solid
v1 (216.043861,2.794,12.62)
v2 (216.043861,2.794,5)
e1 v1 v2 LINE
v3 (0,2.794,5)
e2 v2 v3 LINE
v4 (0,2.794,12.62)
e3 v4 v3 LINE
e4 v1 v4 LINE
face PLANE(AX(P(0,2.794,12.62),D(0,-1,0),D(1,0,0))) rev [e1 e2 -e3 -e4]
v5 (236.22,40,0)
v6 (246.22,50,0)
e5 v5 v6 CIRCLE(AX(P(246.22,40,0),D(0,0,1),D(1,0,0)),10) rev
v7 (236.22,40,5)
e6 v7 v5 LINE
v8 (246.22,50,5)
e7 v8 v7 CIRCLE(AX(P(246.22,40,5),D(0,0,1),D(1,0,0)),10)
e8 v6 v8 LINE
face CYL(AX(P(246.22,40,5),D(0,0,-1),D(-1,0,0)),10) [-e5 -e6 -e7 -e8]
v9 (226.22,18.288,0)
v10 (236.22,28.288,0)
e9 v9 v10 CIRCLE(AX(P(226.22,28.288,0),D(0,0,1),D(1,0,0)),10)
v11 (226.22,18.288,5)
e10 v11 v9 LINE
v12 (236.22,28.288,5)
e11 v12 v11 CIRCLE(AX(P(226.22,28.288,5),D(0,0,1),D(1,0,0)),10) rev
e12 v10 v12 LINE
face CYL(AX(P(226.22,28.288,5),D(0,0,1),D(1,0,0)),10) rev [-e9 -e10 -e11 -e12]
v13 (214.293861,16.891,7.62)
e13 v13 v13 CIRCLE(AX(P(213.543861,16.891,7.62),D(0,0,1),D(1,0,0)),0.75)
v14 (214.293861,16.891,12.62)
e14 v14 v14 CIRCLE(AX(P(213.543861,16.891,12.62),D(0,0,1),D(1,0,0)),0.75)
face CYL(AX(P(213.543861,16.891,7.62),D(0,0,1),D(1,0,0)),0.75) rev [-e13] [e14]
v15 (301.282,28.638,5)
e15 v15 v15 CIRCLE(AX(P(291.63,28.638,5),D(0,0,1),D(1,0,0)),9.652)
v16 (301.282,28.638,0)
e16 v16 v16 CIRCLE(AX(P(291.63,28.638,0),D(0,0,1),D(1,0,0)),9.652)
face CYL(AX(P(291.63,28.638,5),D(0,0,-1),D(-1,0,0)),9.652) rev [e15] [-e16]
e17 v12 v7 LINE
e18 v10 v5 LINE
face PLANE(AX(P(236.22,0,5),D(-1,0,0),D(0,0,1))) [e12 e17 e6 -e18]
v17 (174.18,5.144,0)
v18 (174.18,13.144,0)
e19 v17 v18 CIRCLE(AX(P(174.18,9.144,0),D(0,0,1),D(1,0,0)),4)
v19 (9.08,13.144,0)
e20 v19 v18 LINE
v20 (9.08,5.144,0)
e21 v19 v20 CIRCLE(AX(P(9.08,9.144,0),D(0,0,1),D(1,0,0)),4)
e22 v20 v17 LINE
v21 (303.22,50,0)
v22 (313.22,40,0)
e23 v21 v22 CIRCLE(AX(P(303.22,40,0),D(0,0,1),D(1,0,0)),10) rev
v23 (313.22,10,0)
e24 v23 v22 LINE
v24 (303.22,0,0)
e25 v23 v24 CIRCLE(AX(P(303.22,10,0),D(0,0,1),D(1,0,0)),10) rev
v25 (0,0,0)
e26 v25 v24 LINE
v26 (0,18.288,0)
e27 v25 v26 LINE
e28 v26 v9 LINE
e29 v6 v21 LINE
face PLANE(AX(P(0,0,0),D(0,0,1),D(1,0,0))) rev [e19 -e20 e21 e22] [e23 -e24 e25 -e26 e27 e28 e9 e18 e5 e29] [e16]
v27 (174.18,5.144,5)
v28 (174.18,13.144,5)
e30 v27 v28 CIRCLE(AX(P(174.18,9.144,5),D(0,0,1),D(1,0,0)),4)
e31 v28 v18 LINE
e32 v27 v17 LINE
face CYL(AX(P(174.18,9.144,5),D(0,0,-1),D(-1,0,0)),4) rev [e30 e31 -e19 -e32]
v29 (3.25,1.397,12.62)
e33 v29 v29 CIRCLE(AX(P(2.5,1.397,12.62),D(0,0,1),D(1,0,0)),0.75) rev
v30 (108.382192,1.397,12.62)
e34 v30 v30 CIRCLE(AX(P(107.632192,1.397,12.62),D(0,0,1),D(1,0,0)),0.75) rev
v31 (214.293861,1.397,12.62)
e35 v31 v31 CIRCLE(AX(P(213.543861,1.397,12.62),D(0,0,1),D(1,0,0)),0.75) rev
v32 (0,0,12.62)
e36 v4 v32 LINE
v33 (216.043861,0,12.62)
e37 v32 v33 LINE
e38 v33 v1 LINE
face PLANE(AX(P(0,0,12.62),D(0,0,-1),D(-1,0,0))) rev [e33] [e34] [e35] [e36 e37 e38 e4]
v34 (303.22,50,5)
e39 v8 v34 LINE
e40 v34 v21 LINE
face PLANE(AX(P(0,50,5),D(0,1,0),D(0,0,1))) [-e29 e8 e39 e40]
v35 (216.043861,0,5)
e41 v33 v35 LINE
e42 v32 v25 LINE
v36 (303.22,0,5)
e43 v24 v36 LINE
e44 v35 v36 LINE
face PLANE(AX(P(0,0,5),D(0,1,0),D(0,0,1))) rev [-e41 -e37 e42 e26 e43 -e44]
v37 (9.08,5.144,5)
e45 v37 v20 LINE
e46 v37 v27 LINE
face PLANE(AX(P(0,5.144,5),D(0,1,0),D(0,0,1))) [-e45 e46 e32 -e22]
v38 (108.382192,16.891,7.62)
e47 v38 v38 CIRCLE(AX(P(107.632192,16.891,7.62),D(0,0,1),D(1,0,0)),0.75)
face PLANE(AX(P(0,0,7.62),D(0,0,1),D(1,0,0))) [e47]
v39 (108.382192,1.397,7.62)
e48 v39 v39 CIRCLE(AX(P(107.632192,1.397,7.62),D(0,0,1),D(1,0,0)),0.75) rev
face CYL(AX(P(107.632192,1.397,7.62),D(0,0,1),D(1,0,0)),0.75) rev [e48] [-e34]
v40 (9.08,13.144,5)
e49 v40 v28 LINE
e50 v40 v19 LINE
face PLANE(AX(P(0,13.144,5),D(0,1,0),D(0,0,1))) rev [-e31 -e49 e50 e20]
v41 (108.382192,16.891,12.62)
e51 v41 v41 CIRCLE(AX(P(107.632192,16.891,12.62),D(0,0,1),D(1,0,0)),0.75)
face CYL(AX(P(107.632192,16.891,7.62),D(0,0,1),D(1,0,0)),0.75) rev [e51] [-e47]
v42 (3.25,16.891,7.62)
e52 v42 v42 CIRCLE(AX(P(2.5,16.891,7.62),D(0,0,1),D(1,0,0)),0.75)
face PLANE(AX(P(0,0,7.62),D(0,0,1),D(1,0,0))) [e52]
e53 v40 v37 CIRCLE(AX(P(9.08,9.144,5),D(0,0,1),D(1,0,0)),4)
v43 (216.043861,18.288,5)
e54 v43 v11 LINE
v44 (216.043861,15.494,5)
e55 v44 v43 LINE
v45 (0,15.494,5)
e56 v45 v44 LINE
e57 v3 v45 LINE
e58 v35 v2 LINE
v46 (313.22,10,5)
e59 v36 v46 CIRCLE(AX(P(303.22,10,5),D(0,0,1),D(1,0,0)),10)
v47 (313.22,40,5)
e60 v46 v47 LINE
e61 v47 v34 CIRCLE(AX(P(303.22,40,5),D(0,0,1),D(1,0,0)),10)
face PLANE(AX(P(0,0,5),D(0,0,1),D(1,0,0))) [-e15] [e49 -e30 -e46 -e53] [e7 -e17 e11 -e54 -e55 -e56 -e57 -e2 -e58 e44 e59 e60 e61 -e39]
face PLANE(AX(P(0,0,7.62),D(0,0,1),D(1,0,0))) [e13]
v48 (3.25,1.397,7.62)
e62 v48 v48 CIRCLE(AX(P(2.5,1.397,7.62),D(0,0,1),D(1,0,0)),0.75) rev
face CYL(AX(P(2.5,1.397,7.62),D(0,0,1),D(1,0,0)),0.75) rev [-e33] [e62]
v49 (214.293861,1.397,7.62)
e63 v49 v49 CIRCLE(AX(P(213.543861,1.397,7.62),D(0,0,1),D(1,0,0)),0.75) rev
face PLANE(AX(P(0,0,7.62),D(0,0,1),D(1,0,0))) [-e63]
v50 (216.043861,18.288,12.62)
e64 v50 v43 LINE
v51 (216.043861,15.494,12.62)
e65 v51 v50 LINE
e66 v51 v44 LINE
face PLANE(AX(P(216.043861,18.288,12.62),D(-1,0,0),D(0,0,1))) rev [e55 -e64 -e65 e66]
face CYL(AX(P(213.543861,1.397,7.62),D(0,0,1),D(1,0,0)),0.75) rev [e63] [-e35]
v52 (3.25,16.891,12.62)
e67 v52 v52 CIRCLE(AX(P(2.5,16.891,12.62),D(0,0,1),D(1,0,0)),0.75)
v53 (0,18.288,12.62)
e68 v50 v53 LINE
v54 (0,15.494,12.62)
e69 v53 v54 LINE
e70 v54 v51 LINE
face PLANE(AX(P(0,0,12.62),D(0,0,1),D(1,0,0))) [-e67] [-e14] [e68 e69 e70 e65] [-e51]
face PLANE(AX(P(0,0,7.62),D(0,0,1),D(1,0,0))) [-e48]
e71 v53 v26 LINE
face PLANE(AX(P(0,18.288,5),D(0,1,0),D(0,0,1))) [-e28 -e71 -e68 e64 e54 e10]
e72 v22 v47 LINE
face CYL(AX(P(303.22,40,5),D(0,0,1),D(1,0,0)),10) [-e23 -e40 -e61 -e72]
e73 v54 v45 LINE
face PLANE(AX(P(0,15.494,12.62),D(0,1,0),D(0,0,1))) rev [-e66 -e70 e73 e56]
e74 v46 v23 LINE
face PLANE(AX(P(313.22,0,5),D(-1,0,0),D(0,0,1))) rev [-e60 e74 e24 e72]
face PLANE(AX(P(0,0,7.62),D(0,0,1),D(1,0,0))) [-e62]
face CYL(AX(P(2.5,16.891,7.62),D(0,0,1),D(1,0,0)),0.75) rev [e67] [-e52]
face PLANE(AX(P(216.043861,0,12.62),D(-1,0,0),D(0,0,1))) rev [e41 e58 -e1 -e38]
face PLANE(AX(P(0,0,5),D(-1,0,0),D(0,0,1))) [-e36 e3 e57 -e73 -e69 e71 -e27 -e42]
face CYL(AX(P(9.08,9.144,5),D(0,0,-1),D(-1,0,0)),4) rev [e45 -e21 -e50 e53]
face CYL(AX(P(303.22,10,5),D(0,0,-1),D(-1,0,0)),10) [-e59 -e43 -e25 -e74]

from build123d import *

# Parameters (mm, degrees)
SKETCH1_W           = 236.22
SKETCH1_H           = 18.288
SKETCH1_R           = 9.652
BOSS_EXTRUDE1_DEPTH = 5
FILLET1_R           = 10
SKETCH2_W           = 216.043861244
SKETCH2_H           = 2.794
BOSS_EXTRUDE2_DEPTH = 7.62
SKETCH3_R           = 0.75
CUT_EXTRUDE1_DEPTH  = 5


with BuildPart() as part:
    # Sketch1 → Boss-Extrude1 (new body)
    with BuildSketch(Plane.XY):
        with Locations((118.11, 9.144)):
            Rectangle(SKETCH1_W, SKETCH1_H)
        with BuildLine():
            ThreePointArc((174.18, 5.144), (178.18, 9.144), (174.18, 13.144))
            Line((174.18, 13.144), (9.08, 13.144))
            ThreePointArc((9.08, 13.144), (5.08, 9.144), (9.08, 5.144))
            Line((9.08, 5.144), (174.18, 5.144))
        make_face(mode=Mode.SUBTRACT)
        Polygon((236.22, 18.288), (236.22, 0), (313.22, 0), (313.22, 50), (236.22, 50), align=None)
        with Locations((291.63, 28.638)):
            Circle(SKETCH1_R, mode=Mode.SUBTRACT)
    extrude(amount=BOSS_EXTRUDE1_DEPTH)

    # Fillet1
    fillet1_edges = [part.edges().sort_by_distance(p)[0] for p in [
        (236.22, 18.288, 2.5),
        (236.22, 50, 2.5),
        (313.22, 50, 2.5),
        (313.22, 0, 2.5),
    ]]
    fillet(fillet1_edges, radius=FILLET1_R)

    # Sketch2 → Boss-Extrude2 (add)
    with BuildSketch(Plane.XY.offset(5)):
        with Locations((108.021930622, 16.891)):
            Rectangle(SKETCH2_W, SKETCH2_H)
        with Locations((108.021930622, 1.397)):
            Rectangle(SKETCH2_W, SKETCH2_H)
    extrude(amount=BOSS_EXTRUDE2_DEPTH)

    # Sketch3 → Cut-Extrude1 (cut)
    with BuildSketch(Plane.XY.offset(12.62)):
        with Locations((2.5, 16.891)):
            Circle(SKETCH3_R)
        with Locations((2.5, 1.397)):
            Circle(SKETCH3_R)
        with Locations((107.6321922, 16.891)):
            Circle(SKETCH3_R)
        with Locations((107.6321922, 1.397)):
            Circle(SKETCH3_R)
        with Locations((213.543861244, 16.891)):
            Circle(SKETCH3_R)
        with Locations((213.543861244, 1.397)):
            Circle(SKETCH3_R)
    extrude(amount=-CUT_EXTRUDE1_DEPTH, mode=Mode.SUBTRACT)


solid = part.part
